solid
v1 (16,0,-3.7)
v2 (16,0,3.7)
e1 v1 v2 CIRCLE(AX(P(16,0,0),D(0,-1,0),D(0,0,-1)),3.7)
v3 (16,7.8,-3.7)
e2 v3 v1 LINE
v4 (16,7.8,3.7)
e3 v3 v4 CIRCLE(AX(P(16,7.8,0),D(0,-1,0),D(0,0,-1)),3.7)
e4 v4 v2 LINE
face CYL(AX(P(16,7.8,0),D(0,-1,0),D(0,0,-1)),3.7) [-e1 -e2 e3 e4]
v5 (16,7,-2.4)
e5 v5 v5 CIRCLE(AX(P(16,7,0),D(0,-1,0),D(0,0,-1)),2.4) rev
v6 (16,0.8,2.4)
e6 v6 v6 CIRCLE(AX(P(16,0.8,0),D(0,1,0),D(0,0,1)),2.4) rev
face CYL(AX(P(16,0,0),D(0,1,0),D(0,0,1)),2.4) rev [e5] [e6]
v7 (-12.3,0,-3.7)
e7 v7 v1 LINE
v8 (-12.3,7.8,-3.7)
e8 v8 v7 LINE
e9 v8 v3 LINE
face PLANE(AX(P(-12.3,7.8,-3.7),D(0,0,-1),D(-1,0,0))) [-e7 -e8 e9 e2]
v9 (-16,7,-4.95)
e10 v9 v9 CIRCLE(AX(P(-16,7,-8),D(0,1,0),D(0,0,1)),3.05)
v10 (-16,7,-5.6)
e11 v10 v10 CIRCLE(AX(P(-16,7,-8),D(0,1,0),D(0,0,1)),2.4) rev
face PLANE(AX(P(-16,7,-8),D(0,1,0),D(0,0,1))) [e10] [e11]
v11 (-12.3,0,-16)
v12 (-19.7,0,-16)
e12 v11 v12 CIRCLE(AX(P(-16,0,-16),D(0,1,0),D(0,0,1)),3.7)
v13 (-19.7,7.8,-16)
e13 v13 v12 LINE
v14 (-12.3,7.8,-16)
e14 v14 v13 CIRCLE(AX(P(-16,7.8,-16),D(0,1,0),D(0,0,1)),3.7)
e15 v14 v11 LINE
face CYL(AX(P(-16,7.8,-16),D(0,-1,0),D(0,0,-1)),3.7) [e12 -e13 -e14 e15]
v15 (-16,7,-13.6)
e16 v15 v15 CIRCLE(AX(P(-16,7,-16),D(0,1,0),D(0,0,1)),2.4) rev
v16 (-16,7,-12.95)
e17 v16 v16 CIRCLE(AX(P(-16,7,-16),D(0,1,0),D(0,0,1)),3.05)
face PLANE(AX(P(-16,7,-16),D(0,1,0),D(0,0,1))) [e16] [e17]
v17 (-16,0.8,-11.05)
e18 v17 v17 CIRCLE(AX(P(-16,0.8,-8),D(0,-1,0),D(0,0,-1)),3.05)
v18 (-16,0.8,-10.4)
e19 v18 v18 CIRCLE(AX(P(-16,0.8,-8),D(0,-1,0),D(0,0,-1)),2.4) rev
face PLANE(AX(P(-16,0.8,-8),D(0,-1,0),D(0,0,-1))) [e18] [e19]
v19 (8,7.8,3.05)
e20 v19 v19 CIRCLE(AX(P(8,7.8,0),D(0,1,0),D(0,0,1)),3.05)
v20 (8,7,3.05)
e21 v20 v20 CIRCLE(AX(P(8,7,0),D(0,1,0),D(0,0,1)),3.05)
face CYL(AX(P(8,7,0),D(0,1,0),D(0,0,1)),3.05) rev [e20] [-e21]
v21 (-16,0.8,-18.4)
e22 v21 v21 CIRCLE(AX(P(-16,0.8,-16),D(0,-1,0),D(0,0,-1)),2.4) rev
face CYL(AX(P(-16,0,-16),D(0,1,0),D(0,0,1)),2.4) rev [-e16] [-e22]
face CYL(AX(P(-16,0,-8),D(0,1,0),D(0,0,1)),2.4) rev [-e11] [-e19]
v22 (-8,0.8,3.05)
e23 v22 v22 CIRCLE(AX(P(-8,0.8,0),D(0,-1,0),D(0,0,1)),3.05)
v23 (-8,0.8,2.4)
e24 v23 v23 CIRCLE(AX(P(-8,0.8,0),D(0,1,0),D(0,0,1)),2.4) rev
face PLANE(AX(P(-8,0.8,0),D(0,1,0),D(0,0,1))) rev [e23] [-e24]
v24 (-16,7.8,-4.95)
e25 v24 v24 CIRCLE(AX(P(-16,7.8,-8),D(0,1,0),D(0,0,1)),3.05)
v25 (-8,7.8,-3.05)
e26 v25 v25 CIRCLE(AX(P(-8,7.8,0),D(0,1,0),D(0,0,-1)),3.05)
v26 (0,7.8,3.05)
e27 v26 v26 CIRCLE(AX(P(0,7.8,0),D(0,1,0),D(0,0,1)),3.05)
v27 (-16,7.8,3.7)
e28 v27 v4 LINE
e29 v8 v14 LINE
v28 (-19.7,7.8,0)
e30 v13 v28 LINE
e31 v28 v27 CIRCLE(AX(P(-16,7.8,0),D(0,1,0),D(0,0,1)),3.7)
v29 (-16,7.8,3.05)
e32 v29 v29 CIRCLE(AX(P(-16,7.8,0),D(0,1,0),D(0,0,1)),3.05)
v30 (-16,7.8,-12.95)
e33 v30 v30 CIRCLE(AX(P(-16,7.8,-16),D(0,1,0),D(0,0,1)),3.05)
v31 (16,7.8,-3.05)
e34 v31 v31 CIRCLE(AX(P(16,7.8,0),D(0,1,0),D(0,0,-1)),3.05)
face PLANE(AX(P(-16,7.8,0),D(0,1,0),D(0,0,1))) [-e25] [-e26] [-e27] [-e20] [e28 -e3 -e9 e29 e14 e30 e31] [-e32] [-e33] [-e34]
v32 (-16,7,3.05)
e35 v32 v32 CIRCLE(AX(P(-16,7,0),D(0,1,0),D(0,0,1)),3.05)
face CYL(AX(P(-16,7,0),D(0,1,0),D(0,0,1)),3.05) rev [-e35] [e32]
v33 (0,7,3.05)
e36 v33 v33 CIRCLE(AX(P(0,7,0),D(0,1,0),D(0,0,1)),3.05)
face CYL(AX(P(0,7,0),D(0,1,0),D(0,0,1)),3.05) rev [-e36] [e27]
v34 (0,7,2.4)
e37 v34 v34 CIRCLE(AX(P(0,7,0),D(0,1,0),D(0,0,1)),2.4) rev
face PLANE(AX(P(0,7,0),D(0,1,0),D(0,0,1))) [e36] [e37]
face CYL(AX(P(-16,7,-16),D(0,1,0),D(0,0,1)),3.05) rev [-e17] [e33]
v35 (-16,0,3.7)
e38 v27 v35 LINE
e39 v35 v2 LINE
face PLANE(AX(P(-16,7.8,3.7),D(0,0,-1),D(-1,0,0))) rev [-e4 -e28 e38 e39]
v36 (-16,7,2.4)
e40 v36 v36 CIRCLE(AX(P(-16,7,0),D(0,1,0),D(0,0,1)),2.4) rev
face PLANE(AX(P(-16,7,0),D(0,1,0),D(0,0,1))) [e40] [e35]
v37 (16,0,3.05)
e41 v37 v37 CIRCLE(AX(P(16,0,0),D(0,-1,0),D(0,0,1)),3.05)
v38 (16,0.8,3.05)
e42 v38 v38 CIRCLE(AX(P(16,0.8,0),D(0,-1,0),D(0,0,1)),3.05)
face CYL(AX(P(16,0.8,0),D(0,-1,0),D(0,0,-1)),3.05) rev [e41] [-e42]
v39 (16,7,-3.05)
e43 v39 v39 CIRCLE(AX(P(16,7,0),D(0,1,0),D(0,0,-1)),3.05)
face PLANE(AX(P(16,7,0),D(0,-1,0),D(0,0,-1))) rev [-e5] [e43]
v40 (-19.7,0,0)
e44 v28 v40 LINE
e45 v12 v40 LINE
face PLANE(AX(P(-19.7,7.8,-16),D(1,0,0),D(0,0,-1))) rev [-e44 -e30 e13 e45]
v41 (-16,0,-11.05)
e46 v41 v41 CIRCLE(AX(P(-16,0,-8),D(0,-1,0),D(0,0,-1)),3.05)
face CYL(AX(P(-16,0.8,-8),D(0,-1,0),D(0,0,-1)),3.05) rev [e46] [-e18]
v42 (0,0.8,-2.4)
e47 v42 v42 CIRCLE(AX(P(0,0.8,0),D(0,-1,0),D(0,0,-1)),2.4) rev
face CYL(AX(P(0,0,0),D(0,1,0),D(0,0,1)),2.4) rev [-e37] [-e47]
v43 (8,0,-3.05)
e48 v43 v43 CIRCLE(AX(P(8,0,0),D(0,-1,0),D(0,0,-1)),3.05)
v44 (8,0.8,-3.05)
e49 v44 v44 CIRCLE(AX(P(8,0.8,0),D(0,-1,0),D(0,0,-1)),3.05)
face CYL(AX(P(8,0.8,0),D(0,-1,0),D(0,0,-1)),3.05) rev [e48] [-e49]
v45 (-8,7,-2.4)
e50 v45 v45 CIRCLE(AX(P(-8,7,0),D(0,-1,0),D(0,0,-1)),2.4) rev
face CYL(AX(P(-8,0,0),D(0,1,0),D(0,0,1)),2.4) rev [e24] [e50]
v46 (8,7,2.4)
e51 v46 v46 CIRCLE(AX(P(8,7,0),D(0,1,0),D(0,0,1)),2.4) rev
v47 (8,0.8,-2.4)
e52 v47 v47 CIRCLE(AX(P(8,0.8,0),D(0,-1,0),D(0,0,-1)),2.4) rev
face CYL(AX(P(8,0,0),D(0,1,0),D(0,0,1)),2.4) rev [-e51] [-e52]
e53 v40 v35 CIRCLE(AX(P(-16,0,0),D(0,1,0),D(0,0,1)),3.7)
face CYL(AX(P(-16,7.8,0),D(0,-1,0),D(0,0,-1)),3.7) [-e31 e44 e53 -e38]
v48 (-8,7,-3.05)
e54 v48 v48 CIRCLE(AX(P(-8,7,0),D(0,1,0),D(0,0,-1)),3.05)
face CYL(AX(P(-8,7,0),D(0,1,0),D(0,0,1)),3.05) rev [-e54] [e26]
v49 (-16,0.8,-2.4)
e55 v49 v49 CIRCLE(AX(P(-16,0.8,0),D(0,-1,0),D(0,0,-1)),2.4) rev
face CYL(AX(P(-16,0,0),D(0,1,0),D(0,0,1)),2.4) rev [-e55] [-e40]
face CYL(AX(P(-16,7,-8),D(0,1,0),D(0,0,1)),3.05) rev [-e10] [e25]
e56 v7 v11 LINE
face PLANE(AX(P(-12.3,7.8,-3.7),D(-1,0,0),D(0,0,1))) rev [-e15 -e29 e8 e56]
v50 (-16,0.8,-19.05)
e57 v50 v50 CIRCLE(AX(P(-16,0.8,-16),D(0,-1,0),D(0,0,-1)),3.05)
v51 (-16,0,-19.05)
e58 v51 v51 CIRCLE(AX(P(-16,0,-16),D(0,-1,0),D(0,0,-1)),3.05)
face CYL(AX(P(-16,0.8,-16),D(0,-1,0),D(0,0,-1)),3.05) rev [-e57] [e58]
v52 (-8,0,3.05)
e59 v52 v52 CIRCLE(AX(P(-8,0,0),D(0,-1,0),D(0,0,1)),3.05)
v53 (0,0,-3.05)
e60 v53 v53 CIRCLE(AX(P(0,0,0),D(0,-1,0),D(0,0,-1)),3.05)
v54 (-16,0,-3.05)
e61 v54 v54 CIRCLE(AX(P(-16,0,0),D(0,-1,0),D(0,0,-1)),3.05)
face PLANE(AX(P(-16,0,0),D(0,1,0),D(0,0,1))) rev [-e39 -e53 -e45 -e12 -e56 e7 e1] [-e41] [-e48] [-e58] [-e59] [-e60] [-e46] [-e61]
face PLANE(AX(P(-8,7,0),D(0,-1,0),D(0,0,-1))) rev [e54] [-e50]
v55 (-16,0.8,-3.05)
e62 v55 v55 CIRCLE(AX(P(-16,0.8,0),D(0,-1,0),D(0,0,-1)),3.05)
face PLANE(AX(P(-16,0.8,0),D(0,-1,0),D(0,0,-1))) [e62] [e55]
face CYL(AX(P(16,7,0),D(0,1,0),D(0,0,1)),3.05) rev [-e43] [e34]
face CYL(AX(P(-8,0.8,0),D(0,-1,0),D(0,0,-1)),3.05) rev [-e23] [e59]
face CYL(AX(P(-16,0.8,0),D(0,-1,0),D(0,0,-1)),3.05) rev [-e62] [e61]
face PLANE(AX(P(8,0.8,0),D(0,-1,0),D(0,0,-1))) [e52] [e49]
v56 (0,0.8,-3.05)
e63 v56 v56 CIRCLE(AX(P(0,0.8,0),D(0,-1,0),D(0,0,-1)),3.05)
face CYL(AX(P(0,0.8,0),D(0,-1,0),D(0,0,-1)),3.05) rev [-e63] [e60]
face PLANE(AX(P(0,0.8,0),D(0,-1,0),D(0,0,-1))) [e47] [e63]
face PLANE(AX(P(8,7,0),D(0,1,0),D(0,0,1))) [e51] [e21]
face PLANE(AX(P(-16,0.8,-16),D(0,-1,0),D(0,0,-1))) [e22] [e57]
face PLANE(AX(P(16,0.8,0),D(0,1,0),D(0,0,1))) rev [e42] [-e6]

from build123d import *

# Parameters (mm, degrees)
BOSS_EXTRUDE3_DEPTH = 7.8
SKETCH2_R           = 2.4
CUT_EXTRUDE9_DEPTH  = 7.8
SKETCH3_R           = 3.05
CUT_EXTRUDE10_DEPTH = 0.8
SKETCH4_R           = 3.05
CUT_EXTRUDE11_DEPTH = 0.8


with BuildPart() as part:
    # Sketch1 → Boss-Extrude3 (new body)
    with BuildSketch(Plane(origin=(0, 0, 0), x_dir=(1, 0, 0), z_dir=(0, 1, 0))):
        with BuildLine():
            Line((-12.3, 3.7), (16, 3.7))
            ThreePointArc((16, 3.7), (19.7, 0), (16, -3.7))
            Line((16, -3.7), (-16, -3.7))
            ThreePointArc((-16, -3.7), (-18.61629509, -2.61629509), (-19.7, 0))
            Line((-19.7, 0), (-19.7, 16))
            ThreePointArc((-19.7, 16), (-16, 19.7), (-12.3, 16))
            Line((-12.3, 16), (-12.3, 3.7))
        make_face()
    extrude(amount=BOSS_EXTRUDE3_DEPTH)

    # Sketch2 → Cut-Extrude9 (cut)
    with BuildSketch(Plane(origin=(0, 7.8, 0), x_dir=(1, 0, 0), z_dir=(0, 1, 0))):
        Circle(SKETCH2_R)
        with Locations((8, 0)):
            Circle(SKETCH2_R)
        with Locations((16, 0)):
            Circle(SKETCH2_R)
        with Locations((-16, 0)):
            Circle(SKETCH2_R)
        with Locations((-8, 0)):
            Circle(SKETCH2_R)
        with Locations((-16, 16)):
            Circle(SKETCH2_R)
        with Locations((-16, 8)):
            Circle(SKETCH2_R)
    extrude(amount=-CUT_EXTRUDE9_DEPTH, mode=Mode.SUBTRACT)

    # Sketch3 → Cut-Extrude10 (cut)
    with BuildSketch(Plane(origin=(0, 7.8, 0), x_dir=(1, 0, 0), z_dir=(0, 1, 0))):
        Circle(SKETCH3_R)
        with Locations((8, 0)):
            Circle(SKETCH3_R)
        with Locations((16, 0)):
            Circle(SKETCH3_R)
        with Locations((-16, 0)):
            Circle(SKETCH3_R)
        with Locations((-8, 0)):
            Circle(SKETCH3_R)
        with Locations((-16, 8)):
            Circle(SKETCH3_R)
        with Locations((-16, 16)):
            Circle(SKETCH3_R)
    extrude(amount=-CUT_EXTRUDE10_DEPTH, mode=Mode.SUBTRACT)

    # Sketch4 → Cut-Extrude11 (cut)
    with BuildSketch(Plane.XZ):
        Circle(SKETCH4_R)
        with Locations((8, 0)):
            Circle(SKETCH4_R)
        with Locations((16, 0)):
            Circle(SKETCH4_R)
        with Locations((-16, 0)):
            Circle(SKETCH4_R)
        with Locations((-8, 0)):
            Circle(SKETCH4_R)
        with Locations((-16, -8)):
            Circle(SKETCH4_R)
        with Locations((-16, -16)):
            Circle(SKETCH4_R)
    extrude(amount=-CUT_EXTRUDE11_DEPTH, mode=Mode.SUBTRACT)


solid = part.part
